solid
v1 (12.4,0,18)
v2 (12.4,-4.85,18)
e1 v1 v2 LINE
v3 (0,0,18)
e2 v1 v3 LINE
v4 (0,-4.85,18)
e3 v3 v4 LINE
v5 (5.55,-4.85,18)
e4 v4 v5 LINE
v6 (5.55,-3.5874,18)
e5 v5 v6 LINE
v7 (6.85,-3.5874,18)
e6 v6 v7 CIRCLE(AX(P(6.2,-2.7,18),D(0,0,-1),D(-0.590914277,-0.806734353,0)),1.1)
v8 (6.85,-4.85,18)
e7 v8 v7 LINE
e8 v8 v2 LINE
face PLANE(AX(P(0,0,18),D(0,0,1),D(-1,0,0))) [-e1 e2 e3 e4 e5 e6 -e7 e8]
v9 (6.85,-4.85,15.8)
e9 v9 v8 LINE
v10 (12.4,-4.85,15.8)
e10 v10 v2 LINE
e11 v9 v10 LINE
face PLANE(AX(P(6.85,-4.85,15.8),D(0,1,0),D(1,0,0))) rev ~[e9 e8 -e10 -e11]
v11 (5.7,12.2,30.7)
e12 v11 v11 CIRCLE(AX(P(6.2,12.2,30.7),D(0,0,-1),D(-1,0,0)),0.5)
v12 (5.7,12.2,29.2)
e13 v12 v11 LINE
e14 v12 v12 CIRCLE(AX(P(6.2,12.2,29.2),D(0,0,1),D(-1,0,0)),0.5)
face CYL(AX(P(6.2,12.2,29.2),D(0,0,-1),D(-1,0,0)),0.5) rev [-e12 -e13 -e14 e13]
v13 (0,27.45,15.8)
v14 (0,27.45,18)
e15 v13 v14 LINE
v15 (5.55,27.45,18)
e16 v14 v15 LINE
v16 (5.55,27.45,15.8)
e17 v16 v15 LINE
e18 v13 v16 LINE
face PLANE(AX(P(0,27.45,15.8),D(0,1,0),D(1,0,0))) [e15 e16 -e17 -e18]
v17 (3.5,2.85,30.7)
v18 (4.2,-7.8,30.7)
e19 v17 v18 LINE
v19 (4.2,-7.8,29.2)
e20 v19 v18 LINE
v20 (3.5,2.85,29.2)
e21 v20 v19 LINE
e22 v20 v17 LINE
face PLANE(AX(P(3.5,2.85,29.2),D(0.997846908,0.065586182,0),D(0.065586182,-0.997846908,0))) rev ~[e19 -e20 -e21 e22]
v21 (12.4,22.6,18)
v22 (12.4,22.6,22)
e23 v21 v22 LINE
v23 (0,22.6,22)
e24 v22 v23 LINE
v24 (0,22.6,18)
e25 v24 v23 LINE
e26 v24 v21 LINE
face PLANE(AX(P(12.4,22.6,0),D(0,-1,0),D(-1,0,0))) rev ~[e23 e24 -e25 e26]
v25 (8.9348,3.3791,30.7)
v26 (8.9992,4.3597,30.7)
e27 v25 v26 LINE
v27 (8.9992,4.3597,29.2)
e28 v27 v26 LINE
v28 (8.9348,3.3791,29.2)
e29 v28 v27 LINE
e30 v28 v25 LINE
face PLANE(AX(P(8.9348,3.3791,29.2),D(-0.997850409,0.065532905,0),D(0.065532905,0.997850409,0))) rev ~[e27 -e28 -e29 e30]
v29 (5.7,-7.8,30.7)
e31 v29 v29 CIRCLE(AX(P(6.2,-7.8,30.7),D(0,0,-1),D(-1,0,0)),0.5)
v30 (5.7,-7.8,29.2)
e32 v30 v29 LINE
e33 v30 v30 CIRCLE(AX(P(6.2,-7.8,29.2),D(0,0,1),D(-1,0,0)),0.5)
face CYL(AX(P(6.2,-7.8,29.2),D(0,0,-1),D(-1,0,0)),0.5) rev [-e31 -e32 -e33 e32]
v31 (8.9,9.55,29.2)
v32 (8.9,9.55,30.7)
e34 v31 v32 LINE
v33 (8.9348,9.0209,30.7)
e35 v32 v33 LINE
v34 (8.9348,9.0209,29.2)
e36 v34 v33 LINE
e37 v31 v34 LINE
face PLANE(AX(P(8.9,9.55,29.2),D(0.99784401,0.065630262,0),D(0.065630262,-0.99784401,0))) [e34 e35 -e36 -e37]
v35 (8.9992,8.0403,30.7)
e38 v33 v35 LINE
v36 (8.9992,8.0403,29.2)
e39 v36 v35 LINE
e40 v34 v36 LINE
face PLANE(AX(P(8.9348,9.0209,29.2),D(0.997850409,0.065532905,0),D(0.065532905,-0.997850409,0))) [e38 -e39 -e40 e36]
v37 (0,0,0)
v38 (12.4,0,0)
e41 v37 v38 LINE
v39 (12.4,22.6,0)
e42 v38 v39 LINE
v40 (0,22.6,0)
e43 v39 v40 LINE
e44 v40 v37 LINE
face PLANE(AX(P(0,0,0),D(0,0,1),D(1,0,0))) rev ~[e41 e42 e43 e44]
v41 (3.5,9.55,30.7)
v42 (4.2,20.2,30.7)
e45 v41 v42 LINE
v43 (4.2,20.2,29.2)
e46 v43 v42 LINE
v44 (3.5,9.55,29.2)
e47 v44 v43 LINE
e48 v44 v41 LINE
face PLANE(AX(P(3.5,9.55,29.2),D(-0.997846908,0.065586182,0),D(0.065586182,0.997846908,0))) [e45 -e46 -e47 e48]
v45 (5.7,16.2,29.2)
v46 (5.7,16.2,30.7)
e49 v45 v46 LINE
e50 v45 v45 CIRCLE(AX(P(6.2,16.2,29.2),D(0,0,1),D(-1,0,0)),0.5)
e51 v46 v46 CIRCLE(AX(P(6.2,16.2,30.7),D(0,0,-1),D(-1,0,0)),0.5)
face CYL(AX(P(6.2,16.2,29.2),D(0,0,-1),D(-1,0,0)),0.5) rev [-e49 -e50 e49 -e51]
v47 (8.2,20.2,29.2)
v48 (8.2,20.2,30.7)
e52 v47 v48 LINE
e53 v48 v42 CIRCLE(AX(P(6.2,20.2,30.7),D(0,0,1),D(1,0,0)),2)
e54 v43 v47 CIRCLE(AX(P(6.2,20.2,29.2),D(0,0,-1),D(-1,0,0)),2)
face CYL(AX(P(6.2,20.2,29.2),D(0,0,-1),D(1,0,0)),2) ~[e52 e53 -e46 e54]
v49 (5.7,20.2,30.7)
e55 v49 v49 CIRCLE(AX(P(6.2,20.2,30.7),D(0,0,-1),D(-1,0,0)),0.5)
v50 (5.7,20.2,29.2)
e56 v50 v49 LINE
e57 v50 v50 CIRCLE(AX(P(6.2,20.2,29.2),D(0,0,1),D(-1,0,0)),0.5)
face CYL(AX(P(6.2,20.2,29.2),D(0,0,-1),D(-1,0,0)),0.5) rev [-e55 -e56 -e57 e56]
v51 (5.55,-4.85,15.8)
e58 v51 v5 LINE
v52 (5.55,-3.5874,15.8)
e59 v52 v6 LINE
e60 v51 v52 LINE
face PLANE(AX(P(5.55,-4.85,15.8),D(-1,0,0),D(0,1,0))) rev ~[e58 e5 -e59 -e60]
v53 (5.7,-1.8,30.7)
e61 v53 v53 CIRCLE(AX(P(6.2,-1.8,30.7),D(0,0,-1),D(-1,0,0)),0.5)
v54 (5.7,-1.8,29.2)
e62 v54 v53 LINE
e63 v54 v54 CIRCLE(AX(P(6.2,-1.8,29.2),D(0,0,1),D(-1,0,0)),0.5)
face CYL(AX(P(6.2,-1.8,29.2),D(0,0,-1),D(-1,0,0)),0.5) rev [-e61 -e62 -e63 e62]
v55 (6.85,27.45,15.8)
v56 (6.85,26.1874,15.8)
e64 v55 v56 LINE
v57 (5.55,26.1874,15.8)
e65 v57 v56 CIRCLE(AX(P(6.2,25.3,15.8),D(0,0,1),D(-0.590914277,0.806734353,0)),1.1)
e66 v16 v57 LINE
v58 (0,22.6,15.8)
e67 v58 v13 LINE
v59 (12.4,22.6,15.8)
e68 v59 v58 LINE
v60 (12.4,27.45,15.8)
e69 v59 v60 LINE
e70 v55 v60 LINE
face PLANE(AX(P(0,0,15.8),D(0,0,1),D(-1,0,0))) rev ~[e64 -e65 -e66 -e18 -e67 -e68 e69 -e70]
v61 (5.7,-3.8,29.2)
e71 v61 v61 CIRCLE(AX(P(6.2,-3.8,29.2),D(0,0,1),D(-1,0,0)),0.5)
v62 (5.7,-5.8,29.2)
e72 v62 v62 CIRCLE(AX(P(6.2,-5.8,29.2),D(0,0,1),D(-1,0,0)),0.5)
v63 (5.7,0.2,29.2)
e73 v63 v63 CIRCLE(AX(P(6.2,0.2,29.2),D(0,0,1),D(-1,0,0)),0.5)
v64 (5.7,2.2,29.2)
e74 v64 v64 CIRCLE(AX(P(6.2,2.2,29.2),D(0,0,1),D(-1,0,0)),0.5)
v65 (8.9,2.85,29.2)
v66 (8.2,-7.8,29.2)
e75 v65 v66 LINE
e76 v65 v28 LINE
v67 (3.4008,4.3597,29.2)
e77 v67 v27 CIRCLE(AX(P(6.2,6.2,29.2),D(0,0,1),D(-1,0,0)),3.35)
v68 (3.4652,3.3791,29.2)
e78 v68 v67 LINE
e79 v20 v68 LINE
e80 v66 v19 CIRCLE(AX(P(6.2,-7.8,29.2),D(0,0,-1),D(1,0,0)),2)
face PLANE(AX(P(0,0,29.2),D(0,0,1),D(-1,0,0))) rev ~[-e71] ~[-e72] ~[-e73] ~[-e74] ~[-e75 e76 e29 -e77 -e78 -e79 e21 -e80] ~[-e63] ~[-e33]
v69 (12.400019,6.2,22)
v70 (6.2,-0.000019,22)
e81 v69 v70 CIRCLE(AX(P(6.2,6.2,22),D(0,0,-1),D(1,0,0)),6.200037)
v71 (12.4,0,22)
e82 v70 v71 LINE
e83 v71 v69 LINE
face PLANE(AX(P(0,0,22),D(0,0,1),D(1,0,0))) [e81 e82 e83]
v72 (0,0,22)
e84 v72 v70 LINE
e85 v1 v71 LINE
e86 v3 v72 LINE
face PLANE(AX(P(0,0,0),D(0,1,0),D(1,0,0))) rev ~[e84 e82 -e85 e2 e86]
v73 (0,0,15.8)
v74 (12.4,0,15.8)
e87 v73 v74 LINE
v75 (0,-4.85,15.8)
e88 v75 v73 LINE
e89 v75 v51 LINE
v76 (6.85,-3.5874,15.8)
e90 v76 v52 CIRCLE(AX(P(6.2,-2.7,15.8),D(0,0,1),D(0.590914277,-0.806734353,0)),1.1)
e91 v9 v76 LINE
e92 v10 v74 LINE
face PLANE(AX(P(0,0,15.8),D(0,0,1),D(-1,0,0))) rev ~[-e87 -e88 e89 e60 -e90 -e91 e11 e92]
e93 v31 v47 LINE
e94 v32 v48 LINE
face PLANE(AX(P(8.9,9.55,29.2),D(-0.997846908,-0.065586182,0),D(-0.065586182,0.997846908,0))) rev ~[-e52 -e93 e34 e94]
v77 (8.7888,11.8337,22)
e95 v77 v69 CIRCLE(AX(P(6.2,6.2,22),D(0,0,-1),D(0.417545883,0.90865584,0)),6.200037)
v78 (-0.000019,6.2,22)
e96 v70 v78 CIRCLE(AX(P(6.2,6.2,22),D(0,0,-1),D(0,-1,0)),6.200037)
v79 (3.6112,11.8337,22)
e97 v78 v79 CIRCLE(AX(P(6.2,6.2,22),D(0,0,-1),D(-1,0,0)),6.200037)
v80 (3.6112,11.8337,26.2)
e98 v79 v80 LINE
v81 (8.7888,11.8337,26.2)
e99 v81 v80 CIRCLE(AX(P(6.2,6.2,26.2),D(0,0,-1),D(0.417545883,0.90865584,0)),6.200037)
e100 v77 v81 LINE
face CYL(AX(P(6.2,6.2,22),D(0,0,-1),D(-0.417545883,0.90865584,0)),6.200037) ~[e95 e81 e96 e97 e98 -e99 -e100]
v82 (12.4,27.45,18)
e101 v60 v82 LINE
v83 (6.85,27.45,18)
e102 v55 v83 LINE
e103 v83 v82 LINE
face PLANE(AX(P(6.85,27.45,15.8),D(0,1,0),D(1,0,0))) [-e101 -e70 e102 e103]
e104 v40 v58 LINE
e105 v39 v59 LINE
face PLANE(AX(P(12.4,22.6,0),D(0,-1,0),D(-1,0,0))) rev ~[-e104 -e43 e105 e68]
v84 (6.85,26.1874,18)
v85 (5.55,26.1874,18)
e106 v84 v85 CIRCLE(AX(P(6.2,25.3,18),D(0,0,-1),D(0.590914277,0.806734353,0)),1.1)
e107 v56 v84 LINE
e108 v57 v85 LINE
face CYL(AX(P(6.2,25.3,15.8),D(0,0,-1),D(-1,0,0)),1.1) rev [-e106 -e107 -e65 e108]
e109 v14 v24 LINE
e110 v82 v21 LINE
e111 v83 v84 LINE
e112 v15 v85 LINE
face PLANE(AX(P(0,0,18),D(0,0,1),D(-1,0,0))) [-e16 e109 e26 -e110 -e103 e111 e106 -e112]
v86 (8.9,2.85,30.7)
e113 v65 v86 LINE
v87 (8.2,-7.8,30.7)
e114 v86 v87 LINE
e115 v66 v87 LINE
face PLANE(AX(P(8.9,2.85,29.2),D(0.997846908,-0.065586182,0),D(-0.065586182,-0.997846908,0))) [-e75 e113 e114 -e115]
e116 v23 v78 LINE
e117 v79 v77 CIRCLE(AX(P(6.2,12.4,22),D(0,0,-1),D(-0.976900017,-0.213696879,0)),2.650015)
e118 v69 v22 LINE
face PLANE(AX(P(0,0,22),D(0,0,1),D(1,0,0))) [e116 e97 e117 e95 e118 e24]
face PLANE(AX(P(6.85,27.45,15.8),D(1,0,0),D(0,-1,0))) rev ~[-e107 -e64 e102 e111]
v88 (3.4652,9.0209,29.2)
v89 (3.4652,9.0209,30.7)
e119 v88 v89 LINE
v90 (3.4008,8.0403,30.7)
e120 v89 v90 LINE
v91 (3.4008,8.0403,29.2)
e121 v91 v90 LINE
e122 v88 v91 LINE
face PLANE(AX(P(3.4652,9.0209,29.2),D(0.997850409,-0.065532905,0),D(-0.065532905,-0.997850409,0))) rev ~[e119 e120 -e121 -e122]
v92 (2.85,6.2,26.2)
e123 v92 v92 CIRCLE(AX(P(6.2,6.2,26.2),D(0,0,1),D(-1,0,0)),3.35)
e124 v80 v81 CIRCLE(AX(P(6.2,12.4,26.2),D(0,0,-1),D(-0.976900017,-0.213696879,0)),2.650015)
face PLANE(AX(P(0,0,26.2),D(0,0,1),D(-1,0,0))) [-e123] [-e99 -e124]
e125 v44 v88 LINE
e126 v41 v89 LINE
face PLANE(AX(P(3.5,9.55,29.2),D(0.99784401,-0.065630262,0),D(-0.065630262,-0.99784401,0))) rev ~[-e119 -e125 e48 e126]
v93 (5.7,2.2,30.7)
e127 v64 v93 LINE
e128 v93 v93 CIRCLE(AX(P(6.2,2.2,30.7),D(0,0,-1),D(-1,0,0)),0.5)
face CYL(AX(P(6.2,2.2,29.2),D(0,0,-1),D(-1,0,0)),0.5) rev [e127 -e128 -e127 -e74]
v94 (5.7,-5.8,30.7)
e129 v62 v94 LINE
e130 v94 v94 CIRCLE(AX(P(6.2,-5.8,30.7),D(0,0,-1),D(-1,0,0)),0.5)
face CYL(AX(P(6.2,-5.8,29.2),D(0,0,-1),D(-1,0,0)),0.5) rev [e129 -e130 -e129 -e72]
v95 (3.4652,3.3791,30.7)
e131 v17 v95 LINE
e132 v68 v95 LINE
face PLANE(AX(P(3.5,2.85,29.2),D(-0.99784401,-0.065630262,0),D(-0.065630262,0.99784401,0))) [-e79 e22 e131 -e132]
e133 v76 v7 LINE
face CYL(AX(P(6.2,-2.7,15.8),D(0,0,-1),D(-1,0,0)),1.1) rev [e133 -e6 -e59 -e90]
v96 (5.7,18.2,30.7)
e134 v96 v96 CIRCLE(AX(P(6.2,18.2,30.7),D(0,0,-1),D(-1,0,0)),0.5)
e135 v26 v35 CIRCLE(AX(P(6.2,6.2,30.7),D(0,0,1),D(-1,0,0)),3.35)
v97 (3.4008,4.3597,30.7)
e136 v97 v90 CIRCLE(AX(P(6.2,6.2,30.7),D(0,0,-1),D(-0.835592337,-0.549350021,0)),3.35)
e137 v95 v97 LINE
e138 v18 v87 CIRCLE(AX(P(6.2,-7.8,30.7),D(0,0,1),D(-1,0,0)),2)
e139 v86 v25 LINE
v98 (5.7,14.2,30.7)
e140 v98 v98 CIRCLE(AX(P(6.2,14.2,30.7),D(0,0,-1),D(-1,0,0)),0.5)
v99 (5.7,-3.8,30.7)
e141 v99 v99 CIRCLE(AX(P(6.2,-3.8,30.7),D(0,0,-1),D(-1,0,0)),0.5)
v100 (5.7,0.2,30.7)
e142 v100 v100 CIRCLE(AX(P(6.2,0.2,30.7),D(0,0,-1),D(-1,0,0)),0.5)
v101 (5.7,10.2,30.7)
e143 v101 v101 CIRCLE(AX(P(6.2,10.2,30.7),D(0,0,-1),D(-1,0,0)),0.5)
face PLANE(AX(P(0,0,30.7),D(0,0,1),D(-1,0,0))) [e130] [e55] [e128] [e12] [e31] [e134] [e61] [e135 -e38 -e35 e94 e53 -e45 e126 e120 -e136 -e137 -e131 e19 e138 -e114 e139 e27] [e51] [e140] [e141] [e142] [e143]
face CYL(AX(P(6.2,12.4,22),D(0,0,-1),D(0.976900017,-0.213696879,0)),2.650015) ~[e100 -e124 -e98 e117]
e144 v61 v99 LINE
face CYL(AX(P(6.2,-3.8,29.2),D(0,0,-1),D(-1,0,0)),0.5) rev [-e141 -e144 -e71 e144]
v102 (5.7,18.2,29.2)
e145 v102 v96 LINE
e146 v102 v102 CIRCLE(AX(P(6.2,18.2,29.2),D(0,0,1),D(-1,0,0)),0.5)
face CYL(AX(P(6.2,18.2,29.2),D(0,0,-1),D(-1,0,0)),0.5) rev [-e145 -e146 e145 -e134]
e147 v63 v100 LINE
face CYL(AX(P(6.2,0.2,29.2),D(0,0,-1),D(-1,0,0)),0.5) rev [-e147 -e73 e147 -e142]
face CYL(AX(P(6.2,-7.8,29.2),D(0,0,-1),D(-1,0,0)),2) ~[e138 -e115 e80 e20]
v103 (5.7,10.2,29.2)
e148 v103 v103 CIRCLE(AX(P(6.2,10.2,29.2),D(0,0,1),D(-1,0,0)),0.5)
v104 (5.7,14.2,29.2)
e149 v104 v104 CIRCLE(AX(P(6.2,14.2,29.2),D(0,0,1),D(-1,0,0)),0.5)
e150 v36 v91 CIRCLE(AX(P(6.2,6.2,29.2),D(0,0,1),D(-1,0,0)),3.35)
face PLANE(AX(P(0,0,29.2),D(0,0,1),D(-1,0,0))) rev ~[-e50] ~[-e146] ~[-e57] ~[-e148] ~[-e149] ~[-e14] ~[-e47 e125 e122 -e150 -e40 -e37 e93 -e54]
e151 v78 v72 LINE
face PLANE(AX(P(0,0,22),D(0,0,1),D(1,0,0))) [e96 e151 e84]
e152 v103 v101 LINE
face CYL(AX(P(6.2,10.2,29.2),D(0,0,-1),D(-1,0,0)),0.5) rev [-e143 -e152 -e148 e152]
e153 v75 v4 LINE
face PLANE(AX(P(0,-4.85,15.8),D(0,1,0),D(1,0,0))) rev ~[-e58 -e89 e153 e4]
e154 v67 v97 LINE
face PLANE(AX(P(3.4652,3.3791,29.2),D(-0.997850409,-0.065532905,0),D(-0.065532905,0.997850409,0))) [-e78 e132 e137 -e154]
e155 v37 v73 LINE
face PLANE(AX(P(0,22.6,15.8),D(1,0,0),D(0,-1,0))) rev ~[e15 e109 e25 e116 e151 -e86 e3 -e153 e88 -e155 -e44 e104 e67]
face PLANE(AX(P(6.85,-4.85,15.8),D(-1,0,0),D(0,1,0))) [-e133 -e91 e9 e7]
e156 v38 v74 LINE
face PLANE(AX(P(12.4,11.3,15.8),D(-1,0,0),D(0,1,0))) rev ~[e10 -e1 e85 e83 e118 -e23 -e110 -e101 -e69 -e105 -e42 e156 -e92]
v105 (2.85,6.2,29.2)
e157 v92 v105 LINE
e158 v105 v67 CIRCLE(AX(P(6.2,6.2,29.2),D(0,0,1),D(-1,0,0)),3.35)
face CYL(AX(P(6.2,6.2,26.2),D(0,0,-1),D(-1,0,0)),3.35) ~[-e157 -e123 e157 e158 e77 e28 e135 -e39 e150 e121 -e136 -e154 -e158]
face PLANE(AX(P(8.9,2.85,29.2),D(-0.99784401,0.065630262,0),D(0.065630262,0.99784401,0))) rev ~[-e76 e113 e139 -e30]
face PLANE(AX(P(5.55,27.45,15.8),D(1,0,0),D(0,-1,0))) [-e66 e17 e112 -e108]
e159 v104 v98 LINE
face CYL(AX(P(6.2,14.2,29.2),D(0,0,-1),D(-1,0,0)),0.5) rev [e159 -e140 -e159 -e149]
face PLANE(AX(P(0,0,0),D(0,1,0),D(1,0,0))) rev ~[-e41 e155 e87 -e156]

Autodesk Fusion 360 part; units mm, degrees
sketch "Szkic1" plane through (0, 0, 0) normal (0, 0, 1) x (1, 0, 0)
  line L0 (0, 0) -> (12.4, 0)
  line L1 (12.4, 0) -> (12.4, 22.6)
  line L2 (12.4, 22.6) -> (0, 22.6)
  line L3 (0, 22.6) -> (0, 0)
  dimension "d1" = 12.4
  dimension "d2" = 22.6
extrude "Wyciągnięcie proste1" add sketch "Szkic1" along normal blind 15.8
sketch "Szkic2" plane through (0, 0, 15.8) normal (0, 0, 1) x (-1, 0, 0)
  line L0 (0, -22.6) -> (0, 0)
  line L1 (0, 0) -> (-12.4, 0)
  line L2 (-12.4, 0) -> (-12.4, -22.6)
  line L3 (-12.4, -22.6) -> (0, -22.6)
  line L4 (0, 0) -> (0, 4.85)
  line L5 (0, 0) -> (0, -11.3)
  line L6 (0, -11.3) -> (-12.4, -11.3)
  line L7 (0, 4.85) -> (-12.4, 4.85)
  line L8 (-12.4, 4.85) -> (-12.4, 0)
  line L9 (0, 0) -> (-6.2, 0)
  line L10 (-6.2, 0) -> (-6.2, 2.7)
  circle A0 centre (-6.2, 2.7) radius 1.1
  line L11 (-6.2, 2.7) -> (-6.2, 4.85)
  line L12 (-6.2, 4.85) -> (-6.85, 4.85)
  line L13 (-6.85, 4.85) -> (-6.85, 3.5874)
  line L14 (-5.55, 4.85) -> (-5.55, 3.5874)
  line L15 (-6.2, -27.45) -> (-6.85, -27.45)
  line L16 (-6.2, -22.6) -> (-6.2, -25.3)
  line L17 (0, -22.6) -> (0, -27.45)
  line L18 (-12.4, -27.45) -> (-12.4, -22.6)
  line L19 (-6.2, -25.3) -> (-6.2, -27.45)
  line L20 (-6.85, -27.45) -> (-6.85, -26.1874)
  line L21 (0, -27.45) -> (-12.4, -27.45)
  line L22 (-5.55, -27.45) -> (-5.55, -26.1874)
  line L23 (0, -22.6) -> (-6.2, -22.6)
  line L24 (0, 0) -> (0, -22.6)
  circle A1 centre (-6.2, -25.3) radius 1.1
  line L25 (0, -22.6) -> (-12.4, -22.6)
  line L26 (-12.4, -22.6) -> (-12.4, 0)
  line L27 (0, -22.6) -> (0, -11.3)
  point P0 (0, -22.6)
  dimension "d5" = 4.85
  dimension "d6" = 2.7
  dimension "d7" = 2.2
  dimension "d8" = 0.65
extrude "Wyciągnięcie proste2" add sketch "Szkic2" along normal blind 2.2 contours L0 L2 L3 L6 L23 L24 L25 L26 L27 | L3 L16 L17 L21 L22 L23 A1 L25 | L0 L1 L2 L5 L6 L9 L24 L26 | L3 L16 L18 L20 L21 A1 L25 | L1 L4 L7 L9 L10 A0 L14 | L1 L7 L8 L10 A0 L13
extrude "Wyciągnięcie proste3" add sketch "Szkic1" along normal blind 22
sketch "Szkic3" plane through (0, 0, 22) normal (0, 0, 1) x (-1, 0, 0)
  line L0 (0, -22.6) -> (0, 0)
  line L1 (0, 0) -> (-12.4, 0)
  line L2 (-12.4, 0) -> (-12.4, -22.6)
  line L3 (-12.4, -22.6) -> (0, -22.6)
  line L4 (-12.4, 0) -> (-12.4, -12.4)
  line L5 (-12.4, -12.4) -> (-12.4, -12)
  line L6 (0, 0) -> (-1, -1)
  line L7 (-12.4, 0) -> (-12.4, -11.3)
  line L8 (-12.4, -12.4) -> (-8.85, -12.4)
  line L9 (-3.55, -12.4) -> (0, -12.4)
  arc A0 (-3.6112, -11.8337) -> (-8.7888, -11.8337) centre (-6.2, -6.2) ccw
  arc A1 (-8.7888, -11.8337) -> (-3.6112, -11.8337) centre (-6.2, -12.4) ccw
  line L10 (-1, -1) -> (-1.8159, -1.8159)
  line L11 (-10.5841, -10.5841) -> (-12.4, -12.4)
  line L12 (0, -12.4) -> (-1.8159, -10.5841)
  line L13 (-10.5841, -1.8159) -> (-12.4, 0)
  dimension "d13" = 12.4
  dimension "d14" = 11.3
  dimension "d15" = 5.3
extrude "Wyciągnięcie proste4" add sketch "Szkic3" along normal blind 4.2 contours A0 A1
sketch "Szkic4" plane through (0, 0, 26.2) normal (0, 0, 1) x (-1, 0, 0)
  arc A0 (-8.7888, -11.8337) -> (-3.6112, -11.8337) centre (-6.2, -12.4) ccw
  arc A1 (-3.6112, -11.8337) -> (-8.7888, -11.8337) centre (-6.2, -6.2) ccw
  circle A2 centre (-6.2, -6.2) radius 3.35
  dimension "d18" = 6.7
extrude "Wyciągnięcie proste5" add sketch "Szkic4" along normal blind 3 contours A2
sketch "Szkic5" plane through (0, 0, 29.2) normal (0, 0, 1) x (-1, 0, 0)
  circle A0 centre (-6.2, -6.2) radius 3.35
  line L0 (-6.2, -6.2) -> (-6.2, -22.2)
  line L1 (-6.2, -6.2) -> (-6.2, 9.8)
  line L2 (-6.2, -22.2) -> (-6.2, -20.2)
  circle A1 centre (-6.2, -20.2) radius 0.5
  circle A2 centre (-6.2, -18.2) radius 0.5
  circle A3 centre (-6.2, -16.2) radius 0.5
  circle A4 centre (-6.2, -14.2) radius 0.5
  circle A5 centre (-6.2, -12.2) radius 0.5
  circle A6 centre (-6.2, -10.2) radius 0.5
  line L3 (-6.2, -6.2) -> (-9, -6.2)
  circle A7 centre (-6.2, 1.8) radius 0.5
  circle A8 centre (-6.2, -0.2) radius 0.5
  circle A9 centre (-6.2, 5.8) radius 0.5
  circle A10 centre (-6.2, 3.8) radius 0.5
  circle A11 centre (-6.2, -2.2) radius 0.5
  circle A12 centre (-6.2, 7.8) radius 0.5
  circle A13 centre (-6.2, -6.2) radius 3.35
  line L4 (-6.2, -6.2) -> (-6.2, -6.5)
  line L5 (-6.2, -9.55) -> (-8.9, -9.55)
  line L6 (-6.2, -20.2) -> (-8.2, -20.2)
  line L7 (-8.9, -9.55) -> (-8.2, -20.2)
  line L8 (-8.9, -9.55) -> (-8.9348, -9.0209)
  line L9 (-8.9348, -9.0209) -> (-8.9992, -8.0403)
  line L10 (-6.2, -9.55) -> (-3.5, -9.55)
  line L11 (-3.5, -9.55) -> (-4.2, -20.2)
  circle A14 centre (-6.2, -6.2) radius 3.35
  circle A15 centre (-6.2, -6.2) radius 3.35
  line L12 (-3.5, -9.55) -> (-3.4652, -9.0209)
  line L13 (-6.2, -20.2) -> (-4.2, -20.2)
  line L14 (-3.4652, -9.0209) -> (-3.4008, -8.0403)
  arc A16 (-8.2, -20.2) -> (-4.2, -20.2) centre (-6.2, -20.2) ccw
  line L15 (-6.2, 9.8) -> (-6.2, 7.8)
  line L16 (-6.2, -2.85) -> (-8.9, -2.85)
  circle A17 centre (-6.2, 3.8) radius 0.5
  line L17 (-3.5, -2.85) -> (-4.2, 7.8)
  circle A18 centre (-6.2, 1.8) radius 0.5
  line L18 (-6.2, 7.8) -> (-8.2, 7.8)
  circle A19 centre (-6.2, 5.8) radius 0.5
  line L19 (-8.9, -2.85) -> (-8.2, 7.8)
  line L20 (-8.9, -2.85) -> (-8.9348, -3.3791)
  arc A20 (-4.2, 7.8) -> (-8.2, 7.8) centre (-6.2, 7.8) ccw
  line L21 (-6.2, 7.8) -> (-4.2, 7.8)
  circle A21 centre (-6.2, 7.8) radius 0.5
  line L22 (-3.5, -2.85) -> (-3.4652, -3.3791)
  line L23 (-3.4652, -3.3791) -> (-3.4008, -4.3597)
  line L24 (-8.9348, -3.3791) -> (-8.9992, -4.3597)
  line L25 (-6.2, -2.85) -> (-3.5, -2.85)
  circle A22 centre (-6.2, -0.2) radius 0.5
  circle A23 centre (-6.2, -2.2) radius 0.5
  point P0 (-6.2, 7.8)
  dimension "d21" = 16
  dimension "d22" = 16
  dimension "d23" = 2
  dimension "d24" = 1
  dimension "d27" = 0
  dimension "d28" = 10
  dimension "d29" = 6.7
  dimension "d30" = 2.7
  dimension "d31" = 2
extrude "Wyciągnięcie proste6" add sketch "Szkic5" along normal blind 1.5 contours A0 L0 L1 A13 L4 A14 A15 | A0 A13 A14 A15 L22 L23 L25 | A0 A13 L10 A14 A15 L12 L14 | A0 L0 L1 A13 L4 A14 A15 | L1 A7 A8 A9 A10 A11 A12 L16 A17 A18 L18 A19 L19 A21 A22 A23 | A0 A13 A14 A15 L16 L20 L24 | L1 A7 A8 A9 A10 A11 A12 A17 L17 A18 A19 L21 A21 L25 A22 A23 | A0 A13 L5 L8 L9 A14 A15 | L0 A1 A2 A3 A4 A5 A6 L10 L11 L13 | L0 A1 A2 A3 A4 A5 A6 L5 L6 L7 | L1 A12 L15 L18 A20 A21 | L1 A12 L15 A20 L21 A21 | L0 L2 A1 L6 A16 | L0 L2 A1 L13 A16
equation "d5 = ( ( 32.3 - 22.6 ) / 2 ) * 1 mm"
equation "d6 = ( ( 28 - 22.6 ) / 2 ) * 1 mm"
equation "d8 = ( 1.3 / 2 ) * 1 mm"
equation "d30 = ( 5.4 / 2 ) * 1 mm"
